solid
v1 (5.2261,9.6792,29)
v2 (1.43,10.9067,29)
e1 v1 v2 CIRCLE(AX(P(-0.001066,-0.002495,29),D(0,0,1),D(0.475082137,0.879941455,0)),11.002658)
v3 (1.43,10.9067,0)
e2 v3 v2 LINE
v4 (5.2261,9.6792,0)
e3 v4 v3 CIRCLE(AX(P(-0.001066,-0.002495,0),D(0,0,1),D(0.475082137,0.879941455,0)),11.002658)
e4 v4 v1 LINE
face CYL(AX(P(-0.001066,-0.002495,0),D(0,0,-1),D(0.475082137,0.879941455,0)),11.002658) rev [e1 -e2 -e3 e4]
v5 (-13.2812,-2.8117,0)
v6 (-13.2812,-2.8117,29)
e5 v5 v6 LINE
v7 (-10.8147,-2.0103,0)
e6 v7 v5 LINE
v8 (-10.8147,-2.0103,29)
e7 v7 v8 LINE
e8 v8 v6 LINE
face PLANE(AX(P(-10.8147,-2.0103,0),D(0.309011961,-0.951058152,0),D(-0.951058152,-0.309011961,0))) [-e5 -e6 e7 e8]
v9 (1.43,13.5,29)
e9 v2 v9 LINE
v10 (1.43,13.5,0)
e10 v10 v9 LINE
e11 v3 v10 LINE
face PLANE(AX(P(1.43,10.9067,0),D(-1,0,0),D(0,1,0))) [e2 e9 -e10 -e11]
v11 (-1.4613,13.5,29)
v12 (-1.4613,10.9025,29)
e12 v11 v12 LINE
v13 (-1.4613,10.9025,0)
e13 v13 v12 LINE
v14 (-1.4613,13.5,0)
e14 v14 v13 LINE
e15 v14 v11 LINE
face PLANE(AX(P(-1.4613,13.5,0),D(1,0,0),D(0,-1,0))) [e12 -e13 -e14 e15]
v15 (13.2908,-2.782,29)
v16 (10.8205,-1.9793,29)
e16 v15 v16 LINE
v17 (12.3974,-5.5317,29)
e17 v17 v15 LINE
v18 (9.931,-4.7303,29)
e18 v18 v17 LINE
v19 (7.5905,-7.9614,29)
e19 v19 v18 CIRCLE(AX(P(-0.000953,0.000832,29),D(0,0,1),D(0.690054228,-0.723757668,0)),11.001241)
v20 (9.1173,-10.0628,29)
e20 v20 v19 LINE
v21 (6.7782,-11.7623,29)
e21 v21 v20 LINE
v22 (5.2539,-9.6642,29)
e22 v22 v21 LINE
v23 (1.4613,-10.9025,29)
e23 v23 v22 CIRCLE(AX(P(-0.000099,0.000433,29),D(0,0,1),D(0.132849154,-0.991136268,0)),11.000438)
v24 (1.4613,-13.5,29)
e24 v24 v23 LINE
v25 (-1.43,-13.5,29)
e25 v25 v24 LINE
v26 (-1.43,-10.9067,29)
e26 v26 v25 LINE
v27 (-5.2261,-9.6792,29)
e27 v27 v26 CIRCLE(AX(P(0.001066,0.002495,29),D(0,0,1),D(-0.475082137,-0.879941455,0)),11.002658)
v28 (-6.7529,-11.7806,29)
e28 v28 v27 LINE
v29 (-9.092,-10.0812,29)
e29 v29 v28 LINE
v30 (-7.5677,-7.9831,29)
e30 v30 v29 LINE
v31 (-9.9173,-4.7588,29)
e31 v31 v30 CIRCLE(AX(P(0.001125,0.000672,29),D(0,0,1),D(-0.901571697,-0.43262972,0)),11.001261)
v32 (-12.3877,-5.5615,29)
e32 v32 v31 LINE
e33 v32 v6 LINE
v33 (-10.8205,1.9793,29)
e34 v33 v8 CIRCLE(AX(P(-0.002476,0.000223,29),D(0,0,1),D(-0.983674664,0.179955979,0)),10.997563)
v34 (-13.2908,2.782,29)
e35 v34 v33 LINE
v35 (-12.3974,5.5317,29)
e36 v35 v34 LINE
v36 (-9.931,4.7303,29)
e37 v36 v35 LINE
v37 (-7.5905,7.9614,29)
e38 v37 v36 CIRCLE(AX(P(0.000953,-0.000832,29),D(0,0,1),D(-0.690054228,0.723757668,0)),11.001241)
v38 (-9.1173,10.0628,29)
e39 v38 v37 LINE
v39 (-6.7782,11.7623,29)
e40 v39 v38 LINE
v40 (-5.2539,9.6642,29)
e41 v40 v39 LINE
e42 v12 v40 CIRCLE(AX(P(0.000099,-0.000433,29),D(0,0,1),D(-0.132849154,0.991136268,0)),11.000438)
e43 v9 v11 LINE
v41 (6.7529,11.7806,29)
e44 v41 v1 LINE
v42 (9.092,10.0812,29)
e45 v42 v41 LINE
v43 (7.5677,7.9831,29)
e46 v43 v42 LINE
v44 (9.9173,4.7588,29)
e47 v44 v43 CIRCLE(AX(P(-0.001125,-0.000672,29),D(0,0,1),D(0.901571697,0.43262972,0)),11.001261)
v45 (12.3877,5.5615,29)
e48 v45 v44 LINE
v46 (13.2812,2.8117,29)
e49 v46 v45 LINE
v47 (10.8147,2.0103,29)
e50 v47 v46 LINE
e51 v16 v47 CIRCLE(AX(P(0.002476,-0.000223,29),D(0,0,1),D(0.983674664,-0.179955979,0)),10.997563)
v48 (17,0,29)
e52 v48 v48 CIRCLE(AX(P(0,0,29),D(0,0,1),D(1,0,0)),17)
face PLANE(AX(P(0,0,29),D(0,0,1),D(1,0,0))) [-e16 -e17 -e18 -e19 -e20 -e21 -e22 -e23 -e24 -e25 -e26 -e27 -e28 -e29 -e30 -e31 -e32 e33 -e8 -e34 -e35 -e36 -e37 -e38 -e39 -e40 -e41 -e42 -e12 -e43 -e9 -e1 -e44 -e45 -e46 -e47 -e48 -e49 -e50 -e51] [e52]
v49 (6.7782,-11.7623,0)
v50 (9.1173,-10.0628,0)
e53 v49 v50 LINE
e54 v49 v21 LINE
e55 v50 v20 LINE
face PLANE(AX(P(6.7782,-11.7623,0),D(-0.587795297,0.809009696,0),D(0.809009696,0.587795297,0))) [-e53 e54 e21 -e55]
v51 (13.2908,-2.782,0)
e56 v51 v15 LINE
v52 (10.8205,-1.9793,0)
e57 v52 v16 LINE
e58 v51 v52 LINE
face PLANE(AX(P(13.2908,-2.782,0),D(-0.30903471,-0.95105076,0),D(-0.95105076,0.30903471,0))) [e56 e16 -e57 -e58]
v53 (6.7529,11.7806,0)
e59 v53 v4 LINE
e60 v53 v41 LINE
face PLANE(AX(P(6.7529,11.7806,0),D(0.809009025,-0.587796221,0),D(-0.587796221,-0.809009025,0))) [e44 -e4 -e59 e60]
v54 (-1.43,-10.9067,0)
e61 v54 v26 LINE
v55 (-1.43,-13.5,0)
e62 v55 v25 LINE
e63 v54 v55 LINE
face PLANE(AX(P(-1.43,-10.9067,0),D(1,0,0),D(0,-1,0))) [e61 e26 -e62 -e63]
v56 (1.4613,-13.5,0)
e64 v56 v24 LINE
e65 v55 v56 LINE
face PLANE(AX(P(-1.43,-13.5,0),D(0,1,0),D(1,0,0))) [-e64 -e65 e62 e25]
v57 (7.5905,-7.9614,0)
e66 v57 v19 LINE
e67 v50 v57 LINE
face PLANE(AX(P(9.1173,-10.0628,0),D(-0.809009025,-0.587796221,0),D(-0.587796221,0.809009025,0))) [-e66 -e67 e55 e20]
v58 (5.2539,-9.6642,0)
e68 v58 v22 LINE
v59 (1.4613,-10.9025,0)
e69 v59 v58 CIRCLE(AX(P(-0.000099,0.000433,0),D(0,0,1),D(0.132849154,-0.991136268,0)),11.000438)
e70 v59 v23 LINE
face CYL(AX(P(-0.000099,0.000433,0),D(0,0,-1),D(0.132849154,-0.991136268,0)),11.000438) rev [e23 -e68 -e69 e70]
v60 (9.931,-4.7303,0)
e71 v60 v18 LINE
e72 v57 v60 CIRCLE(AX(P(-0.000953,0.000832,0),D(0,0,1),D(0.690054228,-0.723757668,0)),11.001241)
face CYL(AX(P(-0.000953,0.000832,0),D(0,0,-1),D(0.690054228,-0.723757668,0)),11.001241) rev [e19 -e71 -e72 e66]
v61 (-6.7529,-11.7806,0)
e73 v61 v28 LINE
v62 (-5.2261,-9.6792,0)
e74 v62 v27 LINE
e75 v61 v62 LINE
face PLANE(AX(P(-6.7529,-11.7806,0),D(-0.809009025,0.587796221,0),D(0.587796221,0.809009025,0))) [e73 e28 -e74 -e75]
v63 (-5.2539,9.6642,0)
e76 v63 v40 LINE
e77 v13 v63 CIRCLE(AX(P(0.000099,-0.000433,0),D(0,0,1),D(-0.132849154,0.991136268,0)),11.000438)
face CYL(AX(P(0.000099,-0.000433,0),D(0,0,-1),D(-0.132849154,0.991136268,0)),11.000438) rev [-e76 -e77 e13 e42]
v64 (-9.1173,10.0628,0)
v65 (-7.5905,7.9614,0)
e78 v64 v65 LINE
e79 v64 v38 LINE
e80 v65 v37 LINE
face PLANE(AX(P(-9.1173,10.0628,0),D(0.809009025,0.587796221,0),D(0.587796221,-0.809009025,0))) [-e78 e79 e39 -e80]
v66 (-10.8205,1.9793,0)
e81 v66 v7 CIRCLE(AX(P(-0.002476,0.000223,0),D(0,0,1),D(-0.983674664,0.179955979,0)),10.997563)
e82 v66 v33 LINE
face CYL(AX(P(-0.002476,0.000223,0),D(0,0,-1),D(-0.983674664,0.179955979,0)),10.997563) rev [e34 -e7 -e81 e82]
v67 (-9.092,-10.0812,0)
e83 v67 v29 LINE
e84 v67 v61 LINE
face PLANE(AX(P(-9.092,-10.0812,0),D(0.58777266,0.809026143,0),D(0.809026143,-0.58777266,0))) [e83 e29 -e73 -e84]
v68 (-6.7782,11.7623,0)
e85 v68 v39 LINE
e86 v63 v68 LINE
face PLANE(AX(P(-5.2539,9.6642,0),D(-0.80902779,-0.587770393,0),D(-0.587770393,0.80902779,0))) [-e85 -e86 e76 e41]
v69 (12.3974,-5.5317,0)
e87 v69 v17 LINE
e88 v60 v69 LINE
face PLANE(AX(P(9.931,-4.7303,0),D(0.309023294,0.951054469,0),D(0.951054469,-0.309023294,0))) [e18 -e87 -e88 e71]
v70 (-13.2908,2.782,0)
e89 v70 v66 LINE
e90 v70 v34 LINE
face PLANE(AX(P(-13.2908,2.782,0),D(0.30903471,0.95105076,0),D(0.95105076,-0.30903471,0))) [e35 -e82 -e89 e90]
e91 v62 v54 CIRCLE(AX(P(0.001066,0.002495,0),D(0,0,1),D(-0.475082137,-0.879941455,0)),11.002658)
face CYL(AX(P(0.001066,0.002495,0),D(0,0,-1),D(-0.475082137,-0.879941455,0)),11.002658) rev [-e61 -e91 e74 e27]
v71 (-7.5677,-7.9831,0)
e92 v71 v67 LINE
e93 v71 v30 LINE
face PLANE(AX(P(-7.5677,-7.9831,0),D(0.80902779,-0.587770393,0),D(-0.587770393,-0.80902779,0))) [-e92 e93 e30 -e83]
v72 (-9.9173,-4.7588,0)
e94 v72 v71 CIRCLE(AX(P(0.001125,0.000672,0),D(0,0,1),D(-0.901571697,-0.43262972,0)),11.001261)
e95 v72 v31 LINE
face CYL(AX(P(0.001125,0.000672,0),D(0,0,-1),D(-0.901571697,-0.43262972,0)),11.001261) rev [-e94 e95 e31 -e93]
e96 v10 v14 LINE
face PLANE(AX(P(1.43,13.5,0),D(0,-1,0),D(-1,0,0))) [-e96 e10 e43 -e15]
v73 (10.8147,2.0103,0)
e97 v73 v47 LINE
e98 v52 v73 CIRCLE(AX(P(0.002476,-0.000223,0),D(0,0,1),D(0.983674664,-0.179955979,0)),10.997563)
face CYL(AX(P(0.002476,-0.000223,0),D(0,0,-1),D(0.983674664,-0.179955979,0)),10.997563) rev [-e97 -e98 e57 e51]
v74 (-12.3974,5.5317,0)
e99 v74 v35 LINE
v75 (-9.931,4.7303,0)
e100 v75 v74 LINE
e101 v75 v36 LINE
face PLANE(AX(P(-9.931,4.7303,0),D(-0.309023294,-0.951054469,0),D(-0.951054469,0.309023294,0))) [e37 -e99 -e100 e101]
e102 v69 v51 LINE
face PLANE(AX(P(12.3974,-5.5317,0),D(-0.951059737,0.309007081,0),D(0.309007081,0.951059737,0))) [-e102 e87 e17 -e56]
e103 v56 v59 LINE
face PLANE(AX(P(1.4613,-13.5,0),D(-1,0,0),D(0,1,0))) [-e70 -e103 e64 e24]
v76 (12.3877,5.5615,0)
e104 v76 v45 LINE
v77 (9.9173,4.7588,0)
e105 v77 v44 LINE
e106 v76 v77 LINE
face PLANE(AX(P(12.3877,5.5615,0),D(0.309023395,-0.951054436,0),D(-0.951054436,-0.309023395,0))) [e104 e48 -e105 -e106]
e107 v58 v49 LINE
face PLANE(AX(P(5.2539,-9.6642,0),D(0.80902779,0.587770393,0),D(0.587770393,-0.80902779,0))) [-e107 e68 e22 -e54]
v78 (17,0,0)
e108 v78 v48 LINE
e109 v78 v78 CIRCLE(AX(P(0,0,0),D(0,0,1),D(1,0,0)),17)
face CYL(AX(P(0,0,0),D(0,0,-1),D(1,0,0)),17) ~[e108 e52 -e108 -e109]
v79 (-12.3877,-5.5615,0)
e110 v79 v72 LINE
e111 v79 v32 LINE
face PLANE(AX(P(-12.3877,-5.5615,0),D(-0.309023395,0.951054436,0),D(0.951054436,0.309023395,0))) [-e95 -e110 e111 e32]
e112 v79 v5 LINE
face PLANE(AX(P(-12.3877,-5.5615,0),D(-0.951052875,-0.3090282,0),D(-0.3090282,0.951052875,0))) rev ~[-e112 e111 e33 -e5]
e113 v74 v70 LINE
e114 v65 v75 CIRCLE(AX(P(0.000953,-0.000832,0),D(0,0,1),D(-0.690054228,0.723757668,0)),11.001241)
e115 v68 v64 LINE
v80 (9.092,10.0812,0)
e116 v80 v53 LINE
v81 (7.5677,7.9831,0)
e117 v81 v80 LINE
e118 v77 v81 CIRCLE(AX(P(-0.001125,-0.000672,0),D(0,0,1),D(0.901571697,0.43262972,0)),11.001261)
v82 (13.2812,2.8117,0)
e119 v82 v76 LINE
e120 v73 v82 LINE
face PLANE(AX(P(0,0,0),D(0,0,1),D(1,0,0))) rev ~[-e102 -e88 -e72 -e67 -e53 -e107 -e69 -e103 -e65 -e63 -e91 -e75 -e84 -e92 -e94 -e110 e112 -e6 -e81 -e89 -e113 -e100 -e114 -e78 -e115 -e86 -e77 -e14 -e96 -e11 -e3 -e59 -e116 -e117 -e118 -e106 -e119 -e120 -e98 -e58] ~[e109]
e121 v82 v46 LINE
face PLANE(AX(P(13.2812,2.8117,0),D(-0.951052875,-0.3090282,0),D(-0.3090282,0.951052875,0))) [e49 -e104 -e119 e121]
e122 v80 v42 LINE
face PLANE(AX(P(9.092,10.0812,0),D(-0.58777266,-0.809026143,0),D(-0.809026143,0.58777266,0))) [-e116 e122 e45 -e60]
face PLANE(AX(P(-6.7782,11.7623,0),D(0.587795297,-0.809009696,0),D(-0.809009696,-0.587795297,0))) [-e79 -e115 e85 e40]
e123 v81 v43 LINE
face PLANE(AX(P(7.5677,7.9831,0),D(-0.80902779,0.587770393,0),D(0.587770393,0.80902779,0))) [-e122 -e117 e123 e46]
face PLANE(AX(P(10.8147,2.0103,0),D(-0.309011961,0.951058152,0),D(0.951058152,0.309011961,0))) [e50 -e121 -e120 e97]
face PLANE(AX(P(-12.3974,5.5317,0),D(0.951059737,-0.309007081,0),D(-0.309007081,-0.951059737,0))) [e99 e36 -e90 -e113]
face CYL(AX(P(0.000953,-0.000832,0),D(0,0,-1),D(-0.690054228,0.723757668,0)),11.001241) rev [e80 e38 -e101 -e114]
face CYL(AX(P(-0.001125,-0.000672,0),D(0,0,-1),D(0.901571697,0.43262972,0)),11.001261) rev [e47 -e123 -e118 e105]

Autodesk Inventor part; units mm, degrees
ref_plane "YZ Plane" through (0, 0, 0) normal (1, 0, 0) x (0, 1, 0)
ref_plane "XZ Plane" through (0, 0, 0) normal (0, 1, 0) x (-1, 0, 0)
ref_plane "XY Plane" through (0, 0, 0) normal (0, 0, 1) x (1, 0, 0)
sketch "Sketch1" plane through (0, 0, 0) normal (0, 0, 1) x (1, 0, 0)
  arc A0 (-10.8205, 1.9793) -> (-10.8147, -2.0103) centre (0, 0) ccw
  line L0 (-10.8147, -2.0103) -> (-13.2812, -2.8117)
  line L1 (-12.3877, -5.5615) -> (-13.2812, -2.8117)
  line L2 (-13.2812, -2.8117) -> (-12.3877, -5.5615)
  line L3 (-12.3877, -5.5615) -> (-9.9173, -4.7588)
  line L4 (-12.3974, 5.5317) -> (-13.2908, 2.782)
  line L5 (-13.2908, 2.782) -> (-10.8205, 1.9793)
  line L6 (-9.931, 4.7303) -> (-12.3974, 5.5317)
  arc A1 (-7.5905, 7.9614) -> (-9.931, 4.7303) centre (0, 0) ccw
  line L7 (-6.7782, 11.7623) -> (-9.1173, 10.0628)
  line L8 (-9.1173, 10.0628) -> (-7.5905, 7.9614)
  line L9 (-5.2539, 9.6642) -> (-6.7782, 11.7623)
  arc A2 (-1.4613, 10.9025) -> (-5.2539, 9.6642) centre (0, 0) ccw
  line L10 (1.43, 13.5) -> (-1.4613, 13.5)
  line L11 (-1.4613, 13.5) -> (-1.4613, 10.9025)
  line L12 (1.43, 10.9067) -> (1.43, 13.5)
  arc A3 (5.2261, 9.6792) -> (1.43, 10.9067) centre (0, 0) ccw
  line L13 (9.092, 10.0812) -> (6.7529, 11.7806)
  line L14 (6.7529, 11.7806) -> (5.2261, 9.6792)
  line L15 (7.5677, 7.9831) -> (9.092, 10.0812)
  arc A4 (9.9173, 4.7588) -> (7.5677, 7.9831) centre (0, 0) ccw
  line L16 (13.2812, 2.8117) -> (12.3877, 5.5615)
  line L17 (12.3877, 5.5615) -> (9.9173, 4.7588)
  line L18 (10.8147, 2.0103) -> (13.2812, 2.8117)
  arc A5 (10.8205, -1.9793) -> (10.8147, 2.0103) centre (0, 0) ccw
  line L19 (12.3974, -5.5317) -> (13.2908, -2.782)
  line L20 (13.2908, -2.782) -> (10.8205, -1.9793)
  line L21 (9.931, -4.7303) -> (12.3974, -5.5317)
  arc A6 (7.5905, -7.9614) -> (9.931, -4.7303) centre (0, 0) ccw
  line L22 (6.7782, -11.7623) -> (9.1173, -10.0628)
  line L23 (9.1173, -10.0628) -> (7.5905, -7.9614)
  line L24 (5.2539, -9.6642) -> (6.7782, -11.7623)
  arc A7 (1.4613, -10.9025) -> (5.2539, -9.6642) centre (0, 0) ccw
  line L25 (-1.43, -13.5) -> (1.4613, -13.5)
  line L26 (1.4613, -13.5) -> (1.4613, -10.9025)
  line L27 (-1.43, -10.9067) -> (-1.43, -13.5)
  arc A8 (-5.2261, -9.6792) -> (-1.43, -10.9067) centre (0, 0) ccw
  line L28 (-9.092, -10.0812) -> (-6.7529, -11.7806)
  line L29 (-6.7529, -11.7806) -> (-5.2261, -9.6792)
  line L30 (-7.5677, -7.9831) -> (-9.092, -10.0812)
  arc A9 (-9.9173, -4.7588) -> (-7.5677, -7.9831) centre (0, 0) ccw
  circle A10 centre (0, 0) radius 17
  circle A11 centre (0, 0) radius 8.5
  point P0 (-10.8205, 1.9793)
  point P1 (-7.5905, 7.9614)
  point P2 (5.2261, 9.6792)
  point P3 (9.9173, 4.7588)
  point P4 (10.8205, -1.9793)
  point P5 (7.5905, -7.9614)
  point P6 (1.4613, -10.9025)
  point P7 (-5.2261, -9.6792)
  point P8 (-9.9173, -4.7588)
  dimension "d2" = 360
  dimension "d3" = 34
  dimension "d6" = 11
  dimension "d7" = 17
  dimension "d8" = 2.5933
  dimension "d9" = 2.8912
extrude "Extrusion1" add sketch "Sketch1" along normal blind 29 contours A10
properties part number "opona"
